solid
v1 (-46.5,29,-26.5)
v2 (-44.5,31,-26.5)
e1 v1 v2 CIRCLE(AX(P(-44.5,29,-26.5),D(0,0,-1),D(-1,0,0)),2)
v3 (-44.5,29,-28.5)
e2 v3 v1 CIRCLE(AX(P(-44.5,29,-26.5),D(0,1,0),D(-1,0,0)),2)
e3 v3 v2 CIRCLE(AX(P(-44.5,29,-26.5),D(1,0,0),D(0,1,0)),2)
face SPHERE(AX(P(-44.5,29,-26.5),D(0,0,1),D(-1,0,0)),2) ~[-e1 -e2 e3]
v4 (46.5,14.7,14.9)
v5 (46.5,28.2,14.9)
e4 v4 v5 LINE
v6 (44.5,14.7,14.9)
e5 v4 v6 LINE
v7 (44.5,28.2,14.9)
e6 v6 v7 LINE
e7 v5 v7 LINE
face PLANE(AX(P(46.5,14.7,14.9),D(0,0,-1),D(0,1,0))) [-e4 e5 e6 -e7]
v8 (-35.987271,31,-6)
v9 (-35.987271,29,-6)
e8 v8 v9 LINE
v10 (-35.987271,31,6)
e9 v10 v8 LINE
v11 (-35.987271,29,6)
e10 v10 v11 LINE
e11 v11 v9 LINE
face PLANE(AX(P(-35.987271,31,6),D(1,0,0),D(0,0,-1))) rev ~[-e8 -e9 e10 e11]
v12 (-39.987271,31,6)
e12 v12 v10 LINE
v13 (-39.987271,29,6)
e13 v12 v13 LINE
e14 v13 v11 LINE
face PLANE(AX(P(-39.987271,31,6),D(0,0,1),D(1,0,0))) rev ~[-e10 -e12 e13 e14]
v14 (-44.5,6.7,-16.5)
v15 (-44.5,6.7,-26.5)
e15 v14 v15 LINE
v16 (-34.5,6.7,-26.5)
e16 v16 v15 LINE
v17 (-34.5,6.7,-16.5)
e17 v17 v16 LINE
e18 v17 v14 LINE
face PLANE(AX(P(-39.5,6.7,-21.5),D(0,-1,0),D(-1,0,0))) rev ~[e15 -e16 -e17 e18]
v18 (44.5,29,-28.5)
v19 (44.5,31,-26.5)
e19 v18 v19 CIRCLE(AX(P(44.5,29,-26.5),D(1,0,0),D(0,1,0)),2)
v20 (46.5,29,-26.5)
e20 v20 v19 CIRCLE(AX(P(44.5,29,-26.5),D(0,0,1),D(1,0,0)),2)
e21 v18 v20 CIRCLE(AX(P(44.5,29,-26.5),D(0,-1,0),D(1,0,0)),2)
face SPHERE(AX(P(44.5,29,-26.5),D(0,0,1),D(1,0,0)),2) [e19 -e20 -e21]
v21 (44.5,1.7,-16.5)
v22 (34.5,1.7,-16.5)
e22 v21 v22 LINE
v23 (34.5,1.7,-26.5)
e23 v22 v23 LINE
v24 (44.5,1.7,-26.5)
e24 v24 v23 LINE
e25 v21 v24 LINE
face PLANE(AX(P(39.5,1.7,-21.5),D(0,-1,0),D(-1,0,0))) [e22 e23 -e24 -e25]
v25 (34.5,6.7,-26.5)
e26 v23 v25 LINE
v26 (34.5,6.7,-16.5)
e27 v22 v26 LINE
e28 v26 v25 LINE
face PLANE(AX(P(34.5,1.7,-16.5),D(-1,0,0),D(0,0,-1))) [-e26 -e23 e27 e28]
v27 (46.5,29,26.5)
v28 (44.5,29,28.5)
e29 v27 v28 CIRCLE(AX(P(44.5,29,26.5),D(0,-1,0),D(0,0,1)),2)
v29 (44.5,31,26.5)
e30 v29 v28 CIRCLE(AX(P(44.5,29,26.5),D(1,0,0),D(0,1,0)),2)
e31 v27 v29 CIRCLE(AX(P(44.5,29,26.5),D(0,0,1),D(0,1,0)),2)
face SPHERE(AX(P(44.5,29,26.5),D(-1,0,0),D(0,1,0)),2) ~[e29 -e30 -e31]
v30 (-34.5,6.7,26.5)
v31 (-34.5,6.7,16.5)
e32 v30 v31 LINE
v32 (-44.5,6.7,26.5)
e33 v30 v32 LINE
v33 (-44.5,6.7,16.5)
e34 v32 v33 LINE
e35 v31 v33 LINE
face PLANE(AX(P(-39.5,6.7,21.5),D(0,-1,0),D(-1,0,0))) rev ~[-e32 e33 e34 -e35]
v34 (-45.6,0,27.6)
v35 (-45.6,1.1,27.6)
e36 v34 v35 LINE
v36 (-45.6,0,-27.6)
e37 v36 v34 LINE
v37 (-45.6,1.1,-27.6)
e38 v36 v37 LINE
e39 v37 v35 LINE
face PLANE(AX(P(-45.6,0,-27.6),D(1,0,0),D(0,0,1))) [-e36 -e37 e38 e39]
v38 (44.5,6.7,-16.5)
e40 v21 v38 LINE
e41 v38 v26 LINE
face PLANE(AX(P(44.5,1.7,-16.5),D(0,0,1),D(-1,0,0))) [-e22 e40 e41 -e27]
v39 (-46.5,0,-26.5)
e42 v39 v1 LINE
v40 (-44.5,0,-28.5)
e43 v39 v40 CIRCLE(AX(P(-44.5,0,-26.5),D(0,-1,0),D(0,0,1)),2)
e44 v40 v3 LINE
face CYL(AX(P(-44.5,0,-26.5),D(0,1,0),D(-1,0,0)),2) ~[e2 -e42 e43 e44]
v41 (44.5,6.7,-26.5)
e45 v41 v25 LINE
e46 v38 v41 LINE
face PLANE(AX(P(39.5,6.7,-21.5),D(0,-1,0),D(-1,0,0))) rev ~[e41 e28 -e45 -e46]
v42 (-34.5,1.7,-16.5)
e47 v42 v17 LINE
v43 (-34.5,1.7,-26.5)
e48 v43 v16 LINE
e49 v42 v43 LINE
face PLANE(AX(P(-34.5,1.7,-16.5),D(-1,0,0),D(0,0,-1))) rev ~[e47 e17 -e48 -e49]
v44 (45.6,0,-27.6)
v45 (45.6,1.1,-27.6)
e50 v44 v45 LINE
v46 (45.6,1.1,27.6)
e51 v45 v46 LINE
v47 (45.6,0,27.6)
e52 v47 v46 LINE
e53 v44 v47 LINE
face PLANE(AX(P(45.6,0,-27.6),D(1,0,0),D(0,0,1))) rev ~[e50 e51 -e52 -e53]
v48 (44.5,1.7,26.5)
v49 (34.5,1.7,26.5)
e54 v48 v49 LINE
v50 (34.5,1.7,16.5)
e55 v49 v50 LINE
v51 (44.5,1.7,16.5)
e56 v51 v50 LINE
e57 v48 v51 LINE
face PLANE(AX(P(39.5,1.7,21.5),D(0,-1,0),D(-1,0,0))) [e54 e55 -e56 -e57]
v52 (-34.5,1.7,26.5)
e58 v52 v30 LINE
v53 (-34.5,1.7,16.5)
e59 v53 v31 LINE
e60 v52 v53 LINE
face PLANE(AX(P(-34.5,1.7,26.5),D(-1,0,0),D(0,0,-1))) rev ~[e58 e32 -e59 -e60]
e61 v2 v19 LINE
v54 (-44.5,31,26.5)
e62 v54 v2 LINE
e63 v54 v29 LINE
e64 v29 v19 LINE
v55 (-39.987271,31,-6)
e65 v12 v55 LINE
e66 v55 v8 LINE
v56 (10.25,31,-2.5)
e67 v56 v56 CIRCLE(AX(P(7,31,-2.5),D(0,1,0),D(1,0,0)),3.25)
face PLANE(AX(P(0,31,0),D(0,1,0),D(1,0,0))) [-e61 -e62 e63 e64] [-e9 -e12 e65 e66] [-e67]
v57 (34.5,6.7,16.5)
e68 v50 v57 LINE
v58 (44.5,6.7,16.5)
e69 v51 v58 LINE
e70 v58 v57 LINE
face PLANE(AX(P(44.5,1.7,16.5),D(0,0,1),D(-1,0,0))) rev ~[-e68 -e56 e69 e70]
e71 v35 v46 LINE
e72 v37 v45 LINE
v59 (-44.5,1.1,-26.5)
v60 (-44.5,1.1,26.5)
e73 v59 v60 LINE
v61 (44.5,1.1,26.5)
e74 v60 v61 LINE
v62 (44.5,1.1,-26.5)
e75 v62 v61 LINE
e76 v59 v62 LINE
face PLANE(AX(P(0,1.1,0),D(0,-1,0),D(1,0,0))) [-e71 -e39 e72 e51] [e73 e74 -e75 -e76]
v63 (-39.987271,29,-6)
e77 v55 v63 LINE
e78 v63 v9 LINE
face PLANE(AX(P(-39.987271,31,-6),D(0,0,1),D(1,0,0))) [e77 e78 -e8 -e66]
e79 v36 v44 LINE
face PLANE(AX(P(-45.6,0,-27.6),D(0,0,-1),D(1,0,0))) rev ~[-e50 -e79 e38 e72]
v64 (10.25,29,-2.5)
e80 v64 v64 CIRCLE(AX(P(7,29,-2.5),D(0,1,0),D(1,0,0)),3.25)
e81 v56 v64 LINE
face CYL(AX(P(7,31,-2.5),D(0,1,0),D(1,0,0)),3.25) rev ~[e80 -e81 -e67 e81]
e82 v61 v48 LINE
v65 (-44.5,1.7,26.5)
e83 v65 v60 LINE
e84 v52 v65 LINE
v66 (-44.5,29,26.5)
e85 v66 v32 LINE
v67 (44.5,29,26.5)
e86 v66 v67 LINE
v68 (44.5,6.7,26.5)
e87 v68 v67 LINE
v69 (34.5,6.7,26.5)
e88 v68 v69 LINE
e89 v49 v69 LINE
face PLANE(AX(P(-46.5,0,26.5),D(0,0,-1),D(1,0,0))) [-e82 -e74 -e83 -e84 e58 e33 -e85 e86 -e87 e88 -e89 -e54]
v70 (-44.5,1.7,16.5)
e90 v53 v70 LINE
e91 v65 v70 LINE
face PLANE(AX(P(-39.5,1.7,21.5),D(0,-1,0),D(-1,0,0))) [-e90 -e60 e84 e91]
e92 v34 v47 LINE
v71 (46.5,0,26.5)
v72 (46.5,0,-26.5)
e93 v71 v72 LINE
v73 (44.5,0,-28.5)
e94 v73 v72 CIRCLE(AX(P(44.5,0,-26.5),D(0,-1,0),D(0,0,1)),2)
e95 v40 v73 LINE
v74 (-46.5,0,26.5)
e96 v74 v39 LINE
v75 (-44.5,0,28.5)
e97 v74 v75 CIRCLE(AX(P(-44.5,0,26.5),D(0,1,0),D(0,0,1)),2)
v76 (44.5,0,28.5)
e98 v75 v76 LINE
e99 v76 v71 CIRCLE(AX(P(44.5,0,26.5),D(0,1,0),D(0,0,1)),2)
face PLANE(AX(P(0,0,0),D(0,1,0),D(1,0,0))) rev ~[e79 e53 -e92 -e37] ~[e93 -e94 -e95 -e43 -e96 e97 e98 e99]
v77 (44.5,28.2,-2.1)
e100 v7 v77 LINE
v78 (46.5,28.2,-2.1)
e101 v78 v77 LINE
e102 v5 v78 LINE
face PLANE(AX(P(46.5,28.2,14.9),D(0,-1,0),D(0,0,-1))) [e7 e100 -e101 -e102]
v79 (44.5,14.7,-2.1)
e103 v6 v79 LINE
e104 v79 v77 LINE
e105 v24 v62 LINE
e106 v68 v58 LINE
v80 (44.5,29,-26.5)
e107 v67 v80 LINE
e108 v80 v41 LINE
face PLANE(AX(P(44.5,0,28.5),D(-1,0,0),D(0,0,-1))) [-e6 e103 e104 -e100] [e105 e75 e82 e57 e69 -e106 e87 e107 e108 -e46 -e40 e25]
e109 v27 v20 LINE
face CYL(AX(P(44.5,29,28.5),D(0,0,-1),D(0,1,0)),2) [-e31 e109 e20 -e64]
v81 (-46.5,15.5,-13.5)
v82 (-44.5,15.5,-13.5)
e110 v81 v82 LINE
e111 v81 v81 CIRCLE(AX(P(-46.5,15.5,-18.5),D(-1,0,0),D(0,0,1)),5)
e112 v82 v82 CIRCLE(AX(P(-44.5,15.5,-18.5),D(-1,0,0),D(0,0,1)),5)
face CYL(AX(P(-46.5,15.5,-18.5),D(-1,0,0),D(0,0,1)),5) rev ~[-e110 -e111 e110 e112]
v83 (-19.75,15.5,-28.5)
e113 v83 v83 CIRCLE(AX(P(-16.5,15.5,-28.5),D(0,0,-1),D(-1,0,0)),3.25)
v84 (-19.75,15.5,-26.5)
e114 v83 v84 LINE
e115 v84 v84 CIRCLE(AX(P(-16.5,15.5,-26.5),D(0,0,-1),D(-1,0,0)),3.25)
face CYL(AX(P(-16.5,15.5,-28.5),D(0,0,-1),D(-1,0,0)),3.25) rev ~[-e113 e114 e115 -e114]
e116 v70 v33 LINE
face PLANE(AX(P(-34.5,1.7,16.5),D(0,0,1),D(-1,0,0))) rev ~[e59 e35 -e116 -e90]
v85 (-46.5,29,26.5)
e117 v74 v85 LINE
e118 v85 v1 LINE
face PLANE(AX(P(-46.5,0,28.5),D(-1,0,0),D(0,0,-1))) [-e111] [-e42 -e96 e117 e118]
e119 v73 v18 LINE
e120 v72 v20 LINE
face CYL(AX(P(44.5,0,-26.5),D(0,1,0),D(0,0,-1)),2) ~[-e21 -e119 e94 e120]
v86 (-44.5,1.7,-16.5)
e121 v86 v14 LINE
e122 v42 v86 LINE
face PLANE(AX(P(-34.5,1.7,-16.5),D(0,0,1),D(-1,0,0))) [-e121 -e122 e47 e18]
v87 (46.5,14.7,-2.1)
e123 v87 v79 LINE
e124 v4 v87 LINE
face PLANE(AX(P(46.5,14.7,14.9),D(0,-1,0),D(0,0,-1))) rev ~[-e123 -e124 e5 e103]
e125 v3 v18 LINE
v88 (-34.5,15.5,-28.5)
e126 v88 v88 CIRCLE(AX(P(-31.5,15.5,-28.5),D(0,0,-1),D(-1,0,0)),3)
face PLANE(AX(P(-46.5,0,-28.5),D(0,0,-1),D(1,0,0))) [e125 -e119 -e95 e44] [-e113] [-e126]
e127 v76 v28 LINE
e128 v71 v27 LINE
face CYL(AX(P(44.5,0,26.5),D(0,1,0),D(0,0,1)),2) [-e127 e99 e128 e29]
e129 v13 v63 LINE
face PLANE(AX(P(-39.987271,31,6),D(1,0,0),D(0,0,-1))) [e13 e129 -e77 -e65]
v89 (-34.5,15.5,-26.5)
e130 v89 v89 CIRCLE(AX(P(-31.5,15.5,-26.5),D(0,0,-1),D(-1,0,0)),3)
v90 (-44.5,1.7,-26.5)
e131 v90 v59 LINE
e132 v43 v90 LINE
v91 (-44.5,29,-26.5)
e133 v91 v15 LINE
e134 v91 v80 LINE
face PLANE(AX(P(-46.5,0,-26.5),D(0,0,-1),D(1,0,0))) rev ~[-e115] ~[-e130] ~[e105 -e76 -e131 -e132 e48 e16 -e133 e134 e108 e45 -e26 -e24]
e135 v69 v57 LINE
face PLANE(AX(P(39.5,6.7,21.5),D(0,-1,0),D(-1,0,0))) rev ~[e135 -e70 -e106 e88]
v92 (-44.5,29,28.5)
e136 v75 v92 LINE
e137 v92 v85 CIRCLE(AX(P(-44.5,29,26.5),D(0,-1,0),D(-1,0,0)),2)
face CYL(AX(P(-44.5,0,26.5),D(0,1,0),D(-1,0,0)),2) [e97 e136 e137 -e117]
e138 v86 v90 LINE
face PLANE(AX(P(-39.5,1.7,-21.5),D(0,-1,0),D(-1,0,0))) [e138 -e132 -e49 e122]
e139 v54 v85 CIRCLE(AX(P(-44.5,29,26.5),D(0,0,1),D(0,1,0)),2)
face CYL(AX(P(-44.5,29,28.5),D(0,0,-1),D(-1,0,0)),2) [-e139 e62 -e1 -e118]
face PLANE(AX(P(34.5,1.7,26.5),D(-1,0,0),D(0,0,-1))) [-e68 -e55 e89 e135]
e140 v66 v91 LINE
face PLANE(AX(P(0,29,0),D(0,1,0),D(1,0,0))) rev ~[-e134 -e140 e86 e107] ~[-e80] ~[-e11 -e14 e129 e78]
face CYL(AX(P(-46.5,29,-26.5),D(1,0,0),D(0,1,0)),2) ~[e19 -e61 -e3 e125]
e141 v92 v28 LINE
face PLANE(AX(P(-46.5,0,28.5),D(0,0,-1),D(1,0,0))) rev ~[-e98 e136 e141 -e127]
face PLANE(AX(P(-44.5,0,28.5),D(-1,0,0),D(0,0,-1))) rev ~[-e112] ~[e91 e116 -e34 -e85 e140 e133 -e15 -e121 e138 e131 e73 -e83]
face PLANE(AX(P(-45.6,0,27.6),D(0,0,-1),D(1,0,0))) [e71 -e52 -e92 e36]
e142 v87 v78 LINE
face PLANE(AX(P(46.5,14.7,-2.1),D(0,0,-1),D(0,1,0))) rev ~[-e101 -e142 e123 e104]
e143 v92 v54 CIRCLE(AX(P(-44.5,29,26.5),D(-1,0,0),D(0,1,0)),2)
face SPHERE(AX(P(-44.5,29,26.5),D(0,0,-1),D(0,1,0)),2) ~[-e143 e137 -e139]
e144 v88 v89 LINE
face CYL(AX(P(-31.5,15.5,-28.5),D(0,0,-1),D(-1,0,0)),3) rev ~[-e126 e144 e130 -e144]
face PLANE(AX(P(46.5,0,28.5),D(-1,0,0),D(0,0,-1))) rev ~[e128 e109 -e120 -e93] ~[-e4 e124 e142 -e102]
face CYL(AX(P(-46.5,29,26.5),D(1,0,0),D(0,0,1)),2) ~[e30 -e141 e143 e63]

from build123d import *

# Parameters (mm, degrees)
SKETCH1_W           = 93
SKETCH1_H           = 57
BOSS_EXTRUDE1_DEPTH = 31
SHELL1_T            = -2
SKETCH2_W           = 17
SKETCH2_H           = 13.5
CUT_EXTRUDE1_DEPTH  = 2
SKETCH3_R           = 3.25
CUT_EXTRUDE2_DEPTH  = 2
SKETCH4_W           = 4
SKETCH4_H           = 12
CUT_EXTRUDE3_DEPTH  = 2
SKETCH5_R           = 3
SKETCH5_R_2         = 3.25
CUT_EXTRUDE4_DEPTH  = 2
SKETCH6_R           = 5
CUT_EXTRUDE5_DEPTH  = 2
FILLET1_R           = 2
SKETCH7_W           = 91.2
SKETCH7_H           = 55.2
SKETCH7_W_2         = 89
SKETCH7_H_2         = 53
CUT_EXTRUDE6_DEPTH  = 1.1
SKETCH8_W           = 10
SKETCH8_H           = 10
BOSS_EXTRUDE2_DEPTH = 5


with BuildPart() as part:
    # Sketch1 → Boss-Extrude1 (new body)
    with BuildSketch(Plane(origin=(0, 0, 0), x_dir=(1, 0, 0), z_dir=(0, 1, 0))):
        Rectangle(SKETCH1_W, SKETCH1_H)
    extrude(amount=BOSS_EXTRUDE1_DEPTH)

    # Shell1
    shell1_openings = [part.faces().sort_by_distance(p)[0] for p in [
        (0, 0, 0),
    ]]
    offset(amount=SHELL1_T, openings=shell1_openings, kind=Kind.INTERSECTION)

    # Sketch2 → Cut-Extrude1 (cut)
    with BuildSketch(Plane(origin=(46.5, 0, 0), x_dir=(0, 0, -1), z_dir=(1, 0, 0))):
        with Locations((-6.4, 21.45)):
            Rectangle(SKETCH2_W, SKETCH2_H)
    extrude(amount=-CUT_EXTRUDE1_DEPTH, mode=Mode.SUBTRACT)

    # Sketch3 → Cut-Extrude2 (cut)
    with BuildSketch(Plane(origin=(0, 31, 0), x_dir=(1, 0, 0), z_dir=(0, 1, 0))):
        with Locations((7, 2.5)):
            Circle(SKETCH3_R)
    extrude(amount=-CUT_EXTRUDE2_DEPTH, mode=Mode.SUBTRACT)

    # Sketch4 → Cut-Extrude3 (cut)
    with BuildSketch(Plane(origin=(0, 31, 0), x_dir=(1, 0, 0), z_dir=(0, 1, 0))):
        with Locations((-37.987270606, 0)):
            Rectangle(SKETCH4_W, SKETCH4_H)
    extrude(amount=-CUT_EXTRUDE3_DEPTH, mode=Mode.SUBTRACT)

    # Sketch5 → Cut-Extrude4 (cut)
    with BuildSketch(Plane(origin=(0, 0, -28.5), x_dir=(-1, 0, 0), z_dir=(0, 0, -1))):
        with Locations((31.5, 15.5)):
            Circle(SKETCH5_R)
        with Locations((16.5, 15.5)):
            Circle(SKETCH5_R_2)
    extrude(amount=-CUT_EXTRUDE4_DEPTH, mode=Mode.SUBTRACT)

    # Sketch6 → Cut-Extrude5 (cut)
    with BuildSketch(Plane.ZY.offset(46.5)):
        with Locations((-18.5, 15.5)):
            Circle(SKETCH6_R)
    extrude(amount=-CUT_EXTRUDE5_DEPTH, mode=Mode.SUBTRACT)

    # Fillet1
    fillet1_edges = [part.edges().sort_by_distance(p)[0] for p in [
        (-46.5, 31, 0),
        (0, 31, 28.5),
        (46.5, 31, 0),
        (46.5, 15.5, 28.5),
        (-46.5, 15.5, 28.5),
        (-46.5, 15.5, -28.5),
        (46.5, 15.5, -28.5),
        (0, 31, -28.5),
    ]]
    fillet(fillet1_edges, radius=FILLET1_R)

    # Sketch7 → Cut-Extrude6 (cut)
    with BuildSketch(Plane.XZ):
        Rectangle(SKETCH7_W, SKETCH7_H)
        Rectangle(SKETCH7_W_2, SKETCH7_H_2, mode=Mode.SUBTRACT)
    extrude(amount=-CUT_EXTRUDE6_DEPTH, mode=Mode.SUBTRACT)

    # Sketch8 → Boss-Extrude2 (add)
    with BuildSketch(Plane(origin=(0, 1.7, 0), x_dir=(-1, 0, 0), z_dir=(0, -1, 0))):
        with Locations((-39.5, 21.5)):
            Rectangle(SKETCH8_W, SKETCH8_H)
        with Locations((-39.5, -21.5)):
            Rectangle(SKETCH8_W, SKETCH8_H)
        with Locations((39.5, -21.5)):
            Rectangle(SKETCH8_W, SKETCH8_H)
        with Locations((39.5, 21.5)):
            Rectangle(SKETCH8_W, SKETCH8_H)
    extrude(amount=-BOSS_EXTRUDE2_DEPTH)


solid = part.part
